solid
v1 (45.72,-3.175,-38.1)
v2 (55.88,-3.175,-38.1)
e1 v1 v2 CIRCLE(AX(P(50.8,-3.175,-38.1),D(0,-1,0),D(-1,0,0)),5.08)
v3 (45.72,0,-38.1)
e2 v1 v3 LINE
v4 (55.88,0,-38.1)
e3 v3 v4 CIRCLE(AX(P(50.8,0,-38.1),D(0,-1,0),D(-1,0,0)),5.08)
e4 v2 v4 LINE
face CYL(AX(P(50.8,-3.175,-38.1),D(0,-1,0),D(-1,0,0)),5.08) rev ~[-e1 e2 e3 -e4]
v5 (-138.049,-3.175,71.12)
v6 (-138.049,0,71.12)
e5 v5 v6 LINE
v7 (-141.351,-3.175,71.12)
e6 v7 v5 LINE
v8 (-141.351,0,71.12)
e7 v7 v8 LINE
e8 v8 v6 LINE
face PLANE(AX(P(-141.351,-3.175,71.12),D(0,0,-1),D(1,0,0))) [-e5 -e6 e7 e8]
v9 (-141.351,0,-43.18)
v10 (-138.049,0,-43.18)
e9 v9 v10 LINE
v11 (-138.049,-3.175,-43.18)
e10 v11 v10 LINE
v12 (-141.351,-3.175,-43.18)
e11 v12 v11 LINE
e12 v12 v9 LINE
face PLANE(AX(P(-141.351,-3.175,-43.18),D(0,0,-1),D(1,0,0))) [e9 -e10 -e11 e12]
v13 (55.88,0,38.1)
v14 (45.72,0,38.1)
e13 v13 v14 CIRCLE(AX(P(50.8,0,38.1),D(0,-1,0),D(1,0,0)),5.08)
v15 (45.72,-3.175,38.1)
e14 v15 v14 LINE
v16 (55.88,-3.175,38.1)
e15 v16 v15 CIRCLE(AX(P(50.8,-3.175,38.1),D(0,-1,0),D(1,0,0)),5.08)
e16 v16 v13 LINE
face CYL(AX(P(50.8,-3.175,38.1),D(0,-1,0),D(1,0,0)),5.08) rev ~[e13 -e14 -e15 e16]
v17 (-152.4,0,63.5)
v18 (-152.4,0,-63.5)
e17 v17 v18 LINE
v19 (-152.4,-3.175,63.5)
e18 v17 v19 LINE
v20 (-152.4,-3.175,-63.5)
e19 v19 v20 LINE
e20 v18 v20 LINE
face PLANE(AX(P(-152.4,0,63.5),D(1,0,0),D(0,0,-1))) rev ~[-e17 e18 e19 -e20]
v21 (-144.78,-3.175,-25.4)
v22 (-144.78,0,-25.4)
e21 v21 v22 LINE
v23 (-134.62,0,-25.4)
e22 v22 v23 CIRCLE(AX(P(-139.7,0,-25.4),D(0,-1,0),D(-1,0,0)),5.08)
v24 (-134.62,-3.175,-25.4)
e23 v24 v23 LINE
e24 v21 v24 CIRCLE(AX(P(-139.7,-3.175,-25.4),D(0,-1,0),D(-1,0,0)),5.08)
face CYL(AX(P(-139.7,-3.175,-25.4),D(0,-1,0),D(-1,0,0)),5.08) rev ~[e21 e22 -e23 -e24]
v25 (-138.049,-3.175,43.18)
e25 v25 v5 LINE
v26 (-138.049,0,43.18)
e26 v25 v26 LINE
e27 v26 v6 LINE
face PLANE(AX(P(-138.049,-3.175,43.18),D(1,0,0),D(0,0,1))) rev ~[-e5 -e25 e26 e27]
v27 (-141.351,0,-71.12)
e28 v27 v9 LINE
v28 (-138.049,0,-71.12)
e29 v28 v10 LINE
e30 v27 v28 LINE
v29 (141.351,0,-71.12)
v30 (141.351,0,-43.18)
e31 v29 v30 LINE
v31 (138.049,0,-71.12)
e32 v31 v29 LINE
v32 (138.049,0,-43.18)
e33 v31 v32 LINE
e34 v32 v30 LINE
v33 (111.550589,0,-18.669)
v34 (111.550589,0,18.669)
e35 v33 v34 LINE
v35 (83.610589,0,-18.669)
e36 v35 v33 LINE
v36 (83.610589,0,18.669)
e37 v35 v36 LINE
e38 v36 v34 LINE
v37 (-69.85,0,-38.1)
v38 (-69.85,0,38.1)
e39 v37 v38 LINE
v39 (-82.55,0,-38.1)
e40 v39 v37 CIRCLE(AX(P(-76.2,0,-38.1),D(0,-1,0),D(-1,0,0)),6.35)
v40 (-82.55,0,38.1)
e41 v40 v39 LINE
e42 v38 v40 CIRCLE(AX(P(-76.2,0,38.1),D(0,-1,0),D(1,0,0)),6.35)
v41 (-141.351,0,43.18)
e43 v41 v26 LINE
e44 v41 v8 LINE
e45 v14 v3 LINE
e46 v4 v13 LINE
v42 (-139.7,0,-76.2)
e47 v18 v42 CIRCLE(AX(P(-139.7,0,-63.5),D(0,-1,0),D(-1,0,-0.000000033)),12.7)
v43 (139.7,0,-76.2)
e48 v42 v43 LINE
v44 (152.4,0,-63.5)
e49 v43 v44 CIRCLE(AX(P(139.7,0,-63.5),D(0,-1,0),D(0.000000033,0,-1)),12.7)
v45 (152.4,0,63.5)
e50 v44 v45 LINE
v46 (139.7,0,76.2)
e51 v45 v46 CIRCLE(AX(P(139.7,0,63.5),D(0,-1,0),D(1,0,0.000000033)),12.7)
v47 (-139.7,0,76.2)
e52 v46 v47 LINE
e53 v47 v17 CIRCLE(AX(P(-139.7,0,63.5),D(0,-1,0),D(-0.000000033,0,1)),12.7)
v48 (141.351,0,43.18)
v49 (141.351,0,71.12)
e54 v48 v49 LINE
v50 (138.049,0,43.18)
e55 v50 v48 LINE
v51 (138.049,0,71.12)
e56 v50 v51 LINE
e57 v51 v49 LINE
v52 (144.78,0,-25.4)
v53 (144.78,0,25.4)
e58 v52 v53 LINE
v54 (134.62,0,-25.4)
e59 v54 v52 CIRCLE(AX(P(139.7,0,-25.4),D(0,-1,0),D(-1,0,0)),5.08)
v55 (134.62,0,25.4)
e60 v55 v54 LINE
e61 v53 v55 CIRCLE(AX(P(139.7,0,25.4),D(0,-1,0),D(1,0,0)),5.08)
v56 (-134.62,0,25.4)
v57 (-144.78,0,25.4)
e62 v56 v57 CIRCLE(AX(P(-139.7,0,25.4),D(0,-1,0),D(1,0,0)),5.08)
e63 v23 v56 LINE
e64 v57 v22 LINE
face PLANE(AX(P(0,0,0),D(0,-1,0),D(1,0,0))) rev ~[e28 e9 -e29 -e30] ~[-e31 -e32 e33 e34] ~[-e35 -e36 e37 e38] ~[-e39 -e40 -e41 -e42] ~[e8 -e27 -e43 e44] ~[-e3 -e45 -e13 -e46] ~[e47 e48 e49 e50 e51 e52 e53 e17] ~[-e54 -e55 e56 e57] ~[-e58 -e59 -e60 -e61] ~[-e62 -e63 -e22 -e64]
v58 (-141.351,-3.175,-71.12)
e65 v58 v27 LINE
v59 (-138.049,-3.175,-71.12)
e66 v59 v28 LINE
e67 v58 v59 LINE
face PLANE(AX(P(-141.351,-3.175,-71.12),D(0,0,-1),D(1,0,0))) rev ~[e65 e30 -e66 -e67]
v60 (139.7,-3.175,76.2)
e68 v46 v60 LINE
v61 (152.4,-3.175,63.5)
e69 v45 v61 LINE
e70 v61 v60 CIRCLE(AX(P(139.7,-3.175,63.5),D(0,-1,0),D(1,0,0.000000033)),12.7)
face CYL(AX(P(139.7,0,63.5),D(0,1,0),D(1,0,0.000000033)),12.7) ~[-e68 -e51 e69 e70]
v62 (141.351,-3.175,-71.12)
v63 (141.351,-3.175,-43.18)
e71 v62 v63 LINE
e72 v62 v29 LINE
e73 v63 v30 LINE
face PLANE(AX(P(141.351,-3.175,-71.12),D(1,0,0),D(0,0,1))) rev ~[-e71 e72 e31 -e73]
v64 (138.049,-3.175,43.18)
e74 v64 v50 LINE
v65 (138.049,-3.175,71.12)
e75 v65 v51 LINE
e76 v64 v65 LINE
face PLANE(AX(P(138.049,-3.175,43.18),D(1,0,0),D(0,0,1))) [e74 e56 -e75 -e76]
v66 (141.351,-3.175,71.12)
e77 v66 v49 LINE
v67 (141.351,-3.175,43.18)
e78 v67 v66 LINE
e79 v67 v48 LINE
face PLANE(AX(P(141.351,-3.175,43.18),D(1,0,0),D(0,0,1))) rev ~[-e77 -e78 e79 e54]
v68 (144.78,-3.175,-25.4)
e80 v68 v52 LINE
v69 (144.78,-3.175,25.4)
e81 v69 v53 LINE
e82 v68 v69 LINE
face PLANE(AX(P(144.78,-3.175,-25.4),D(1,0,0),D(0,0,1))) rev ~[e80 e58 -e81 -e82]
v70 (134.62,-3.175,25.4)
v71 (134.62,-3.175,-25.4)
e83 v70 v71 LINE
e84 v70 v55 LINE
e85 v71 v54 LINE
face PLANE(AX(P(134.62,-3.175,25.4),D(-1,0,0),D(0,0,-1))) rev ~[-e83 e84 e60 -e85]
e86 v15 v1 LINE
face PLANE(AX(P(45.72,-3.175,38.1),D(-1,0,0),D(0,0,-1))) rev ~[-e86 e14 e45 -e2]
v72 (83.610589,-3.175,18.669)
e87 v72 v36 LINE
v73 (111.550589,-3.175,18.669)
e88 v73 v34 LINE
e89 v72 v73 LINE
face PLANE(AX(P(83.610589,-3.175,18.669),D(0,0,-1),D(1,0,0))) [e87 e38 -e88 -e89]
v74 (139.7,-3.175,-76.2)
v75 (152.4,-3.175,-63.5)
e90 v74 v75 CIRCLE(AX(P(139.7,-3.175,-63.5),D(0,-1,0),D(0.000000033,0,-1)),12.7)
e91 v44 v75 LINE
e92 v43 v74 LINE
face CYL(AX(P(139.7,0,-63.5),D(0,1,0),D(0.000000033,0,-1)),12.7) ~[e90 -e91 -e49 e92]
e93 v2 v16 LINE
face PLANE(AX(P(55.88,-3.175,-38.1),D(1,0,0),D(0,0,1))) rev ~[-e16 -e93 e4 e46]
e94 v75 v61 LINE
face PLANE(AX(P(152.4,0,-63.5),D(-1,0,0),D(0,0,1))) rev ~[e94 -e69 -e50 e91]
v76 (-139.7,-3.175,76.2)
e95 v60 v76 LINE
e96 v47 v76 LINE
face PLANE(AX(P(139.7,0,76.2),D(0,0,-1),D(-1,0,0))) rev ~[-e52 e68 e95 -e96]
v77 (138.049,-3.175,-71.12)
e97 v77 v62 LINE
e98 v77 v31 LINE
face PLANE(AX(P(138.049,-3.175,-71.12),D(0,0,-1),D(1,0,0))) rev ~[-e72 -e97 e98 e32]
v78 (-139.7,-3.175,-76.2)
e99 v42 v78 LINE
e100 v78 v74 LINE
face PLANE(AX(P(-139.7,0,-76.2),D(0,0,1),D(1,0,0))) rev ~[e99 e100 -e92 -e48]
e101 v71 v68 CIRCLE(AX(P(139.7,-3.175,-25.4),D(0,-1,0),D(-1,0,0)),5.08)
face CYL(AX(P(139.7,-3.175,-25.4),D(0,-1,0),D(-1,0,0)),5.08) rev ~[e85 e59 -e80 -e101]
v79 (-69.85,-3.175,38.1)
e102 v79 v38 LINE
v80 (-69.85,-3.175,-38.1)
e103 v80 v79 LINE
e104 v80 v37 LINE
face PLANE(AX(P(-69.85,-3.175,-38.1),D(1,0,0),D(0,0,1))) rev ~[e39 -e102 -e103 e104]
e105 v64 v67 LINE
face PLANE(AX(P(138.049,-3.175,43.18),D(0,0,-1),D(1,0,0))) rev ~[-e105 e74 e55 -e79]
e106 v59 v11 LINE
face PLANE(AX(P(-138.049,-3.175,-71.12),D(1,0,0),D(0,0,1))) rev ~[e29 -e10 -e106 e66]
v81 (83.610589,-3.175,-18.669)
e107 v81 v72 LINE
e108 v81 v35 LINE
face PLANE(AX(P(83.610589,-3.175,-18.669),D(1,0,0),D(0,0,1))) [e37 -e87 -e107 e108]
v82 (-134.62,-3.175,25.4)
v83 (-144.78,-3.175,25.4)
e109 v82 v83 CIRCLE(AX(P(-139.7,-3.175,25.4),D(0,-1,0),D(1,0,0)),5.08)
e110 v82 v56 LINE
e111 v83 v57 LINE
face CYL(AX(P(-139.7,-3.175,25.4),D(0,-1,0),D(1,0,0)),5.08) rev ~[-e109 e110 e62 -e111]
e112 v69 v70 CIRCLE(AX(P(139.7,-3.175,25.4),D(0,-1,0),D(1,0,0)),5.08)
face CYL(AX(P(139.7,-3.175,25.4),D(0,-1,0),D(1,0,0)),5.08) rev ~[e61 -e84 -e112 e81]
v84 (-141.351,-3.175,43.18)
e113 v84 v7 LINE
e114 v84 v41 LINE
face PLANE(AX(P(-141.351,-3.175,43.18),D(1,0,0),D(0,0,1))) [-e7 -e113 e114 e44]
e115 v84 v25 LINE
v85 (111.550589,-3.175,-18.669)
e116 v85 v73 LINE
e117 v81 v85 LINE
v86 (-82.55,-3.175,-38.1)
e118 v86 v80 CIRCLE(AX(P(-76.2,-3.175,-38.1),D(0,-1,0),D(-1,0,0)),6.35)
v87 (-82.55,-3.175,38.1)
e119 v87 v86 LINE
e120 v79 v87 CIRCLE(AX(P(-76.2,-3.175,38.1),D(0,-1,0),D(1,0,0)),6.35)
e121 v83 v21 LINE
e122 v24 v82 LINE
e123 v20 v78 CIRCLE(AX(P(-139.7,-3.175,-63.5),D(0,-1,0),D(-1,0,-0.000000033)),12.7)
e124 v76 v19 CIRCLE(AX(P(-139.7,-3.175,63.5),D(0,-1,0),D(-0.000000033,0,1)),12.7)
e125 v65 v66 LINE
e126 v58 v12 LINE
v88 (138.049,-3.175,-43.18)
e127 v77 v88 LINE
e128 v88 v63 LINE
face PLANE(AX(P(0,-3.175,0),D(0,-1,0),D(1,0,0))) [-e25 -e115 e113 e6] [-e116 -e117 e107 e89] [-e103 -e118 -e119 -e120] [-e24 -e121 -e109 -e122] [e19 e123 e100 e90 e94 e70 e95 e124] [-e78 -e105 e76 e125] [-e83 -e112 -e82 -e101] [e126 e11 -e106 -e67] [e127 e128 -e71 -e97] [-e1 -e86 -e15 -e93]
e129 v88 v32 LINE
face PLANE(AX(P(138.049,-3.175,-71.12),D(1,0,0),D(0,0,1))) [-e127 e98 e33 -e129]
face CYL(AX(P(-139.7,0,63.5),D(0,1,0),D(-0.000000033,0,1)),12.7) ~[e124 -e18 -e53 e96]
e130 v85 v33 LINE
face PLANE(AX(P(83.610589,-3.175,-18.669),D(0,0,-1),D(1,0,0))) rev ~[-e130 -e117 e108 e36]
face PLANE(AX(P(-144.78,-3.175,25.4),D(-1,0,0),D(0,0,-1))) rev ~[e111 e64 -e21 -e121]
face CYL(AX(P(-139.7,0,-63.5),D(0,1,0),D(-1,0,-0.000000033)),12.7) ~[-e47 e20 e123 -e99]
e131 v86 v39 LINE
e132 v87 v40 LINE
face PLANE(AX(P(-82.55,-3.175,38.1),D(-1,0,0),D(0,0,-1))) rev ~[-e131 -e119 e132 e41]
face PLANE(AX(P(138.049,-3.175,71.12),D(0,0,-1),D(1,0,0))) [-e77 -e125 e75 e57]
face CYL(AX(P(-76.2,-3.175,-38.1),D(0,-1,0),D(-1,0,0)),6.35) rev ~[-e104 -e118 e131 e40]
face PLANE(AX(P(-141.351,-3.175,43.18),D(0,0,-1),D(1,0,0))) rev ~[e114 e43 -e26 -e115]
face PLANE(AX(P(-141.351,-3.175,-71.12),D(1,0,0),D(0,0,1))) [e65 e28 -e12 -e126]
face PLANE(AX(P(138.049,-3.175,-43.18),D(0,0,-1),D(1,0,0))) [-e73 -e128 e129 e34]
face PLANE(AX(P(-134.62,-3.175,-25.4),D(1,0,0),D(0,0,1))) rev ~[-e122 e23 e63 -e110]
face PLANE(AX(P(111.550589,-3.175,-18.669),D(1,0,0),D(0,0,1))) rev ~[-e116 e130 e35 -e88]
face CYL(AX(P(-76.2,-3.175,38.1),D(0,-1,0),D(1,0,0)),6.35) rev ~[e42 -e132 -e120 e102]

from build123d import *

# Parameters (mm, degrees)
F1_DEPTH = 3.175
F2_W     = 27.94
F2_H     = 37.338
F2_W_2   = 3.302
F2_H_2   = 27.94
F3_DEPTH = 25.4


with BuildPart() as f1:
    # F0 (on Front) → F1 (new body)
    with BuildSketch(Plane.XZ):
        with BuildLine():
            ThreePointArc((152.4, 63.5), (148.680256, 72.480256), (139.7, 76.2))
            Line((139.7, 76.2), (-139.7, 76.2))
            ThreePointArc((-139.7, 76.2), (-148.680256, 72.480256), (-152.4, 63.5))
            Line((-152.4, 63.5), (-152.4, -63.5))
            ThreePointArc((-152.4, -63.5), (-148.680256, -72.480256), (-139.7, -76.2))
            Line((-139.7, -76.2), (139.7, -76.2))
            ThreePointArc((139.7, -76.2), (148.680256, -72.480256), (152.4, -63.5))
            Line((152.4, -63.5), (152.4, 63.5))
        make_face()
    extrude(amount=F1_DEPTH)

    # F2 (on face) → F3 (cut)
    with BuildSketch(Plane.XZ.offset(3.175)):
        with BuildLine():
            ThreePointArc((-144.78, -25.4), (-139.7, -30.48), (-134.62, -25.4))
            Line((-134.62, -25.4), (-134.62, 0))
            Line((-134.62, 0), (-134.62, 25.4))
            ThreePointArc((-134.62, 25.4), (-139.7, 30.48), (-144.78, 25.4))
            Line((-144.78, 25.4), (-144.78, 0))
            Line((-144.78, 0), (-144.78, -25.4))
        make_face()
        with BuildLine():
            ThreePointArc((55.88, 38.1), (50.8, 43.18), (45.72, 38.1))
            Line((45.72, 38.1), (45.72, 0))
            Line((45.72, 0), (45.72, -38.1))
            ThreePointArc((45.72, -38.1), (50.8, -43.18), (55.88, -38.1))
            Line((55.88, -38.1), (55.88, 0))
            Line((55.88, 0), (55.88, 38.1))
        make_face()
        with Locations((97.580589, 0)):
            Rectangle(F2_W, F2_H)
        with Locations((-139.7, 57.15)):
            Rectangle(F2_W_2, F2_H_2)
        with Locations((-139.7, -57.15)):
            Rectangle(F2_W_2, F2_H_2)
        with Locations((139.7, 57.15)):
            Rectangle(F2_W_2, F2_H_2)
        with Locations((139.7, -57.15)):
            Rectangle(F2_W_2, F2_H_2)
        with BuildLine():
            Line((134.62, 25.4), (134.62, 0))
            Line((134.62, 0), (134.62, -25.4))
            ThreePointArc((134.62, -25.4), (139.7, -30.48), (144.78, -25.4))
            Line((144.78, -25.4), (144.78, 0))
            Line((144.78, 0), (144.78, 25.4))
            ThreePointArc((144.78, 25.4), (139.7, 30.48), (134.62, 25.4))
        make_face()
        with BuildLine():
            ThreePointArc((-69.85, 38.1), (-76.2, 44.45), (-82.55, 38.1))
            Line((-82.55, 38.1), (-82.55, 0))
            Line((-82.55, 0), (-82.55, -38.1))
            ThreePointArc((-82.55, -38.1), (-76.2, -44.45), (-69.85, -38.1))
            Line((-69.85, -38.1), (-69.85, 0))
            Line((-69.85, 0), (-69.85, 38.1))
        make_face()
    extrude(amount=-F3_DEPTH, mode=Mode.SUBTRACT)


with BuildPart() as f4_1:
    # F4: copy of F1
    add(f1.part)


solid = f1.part
